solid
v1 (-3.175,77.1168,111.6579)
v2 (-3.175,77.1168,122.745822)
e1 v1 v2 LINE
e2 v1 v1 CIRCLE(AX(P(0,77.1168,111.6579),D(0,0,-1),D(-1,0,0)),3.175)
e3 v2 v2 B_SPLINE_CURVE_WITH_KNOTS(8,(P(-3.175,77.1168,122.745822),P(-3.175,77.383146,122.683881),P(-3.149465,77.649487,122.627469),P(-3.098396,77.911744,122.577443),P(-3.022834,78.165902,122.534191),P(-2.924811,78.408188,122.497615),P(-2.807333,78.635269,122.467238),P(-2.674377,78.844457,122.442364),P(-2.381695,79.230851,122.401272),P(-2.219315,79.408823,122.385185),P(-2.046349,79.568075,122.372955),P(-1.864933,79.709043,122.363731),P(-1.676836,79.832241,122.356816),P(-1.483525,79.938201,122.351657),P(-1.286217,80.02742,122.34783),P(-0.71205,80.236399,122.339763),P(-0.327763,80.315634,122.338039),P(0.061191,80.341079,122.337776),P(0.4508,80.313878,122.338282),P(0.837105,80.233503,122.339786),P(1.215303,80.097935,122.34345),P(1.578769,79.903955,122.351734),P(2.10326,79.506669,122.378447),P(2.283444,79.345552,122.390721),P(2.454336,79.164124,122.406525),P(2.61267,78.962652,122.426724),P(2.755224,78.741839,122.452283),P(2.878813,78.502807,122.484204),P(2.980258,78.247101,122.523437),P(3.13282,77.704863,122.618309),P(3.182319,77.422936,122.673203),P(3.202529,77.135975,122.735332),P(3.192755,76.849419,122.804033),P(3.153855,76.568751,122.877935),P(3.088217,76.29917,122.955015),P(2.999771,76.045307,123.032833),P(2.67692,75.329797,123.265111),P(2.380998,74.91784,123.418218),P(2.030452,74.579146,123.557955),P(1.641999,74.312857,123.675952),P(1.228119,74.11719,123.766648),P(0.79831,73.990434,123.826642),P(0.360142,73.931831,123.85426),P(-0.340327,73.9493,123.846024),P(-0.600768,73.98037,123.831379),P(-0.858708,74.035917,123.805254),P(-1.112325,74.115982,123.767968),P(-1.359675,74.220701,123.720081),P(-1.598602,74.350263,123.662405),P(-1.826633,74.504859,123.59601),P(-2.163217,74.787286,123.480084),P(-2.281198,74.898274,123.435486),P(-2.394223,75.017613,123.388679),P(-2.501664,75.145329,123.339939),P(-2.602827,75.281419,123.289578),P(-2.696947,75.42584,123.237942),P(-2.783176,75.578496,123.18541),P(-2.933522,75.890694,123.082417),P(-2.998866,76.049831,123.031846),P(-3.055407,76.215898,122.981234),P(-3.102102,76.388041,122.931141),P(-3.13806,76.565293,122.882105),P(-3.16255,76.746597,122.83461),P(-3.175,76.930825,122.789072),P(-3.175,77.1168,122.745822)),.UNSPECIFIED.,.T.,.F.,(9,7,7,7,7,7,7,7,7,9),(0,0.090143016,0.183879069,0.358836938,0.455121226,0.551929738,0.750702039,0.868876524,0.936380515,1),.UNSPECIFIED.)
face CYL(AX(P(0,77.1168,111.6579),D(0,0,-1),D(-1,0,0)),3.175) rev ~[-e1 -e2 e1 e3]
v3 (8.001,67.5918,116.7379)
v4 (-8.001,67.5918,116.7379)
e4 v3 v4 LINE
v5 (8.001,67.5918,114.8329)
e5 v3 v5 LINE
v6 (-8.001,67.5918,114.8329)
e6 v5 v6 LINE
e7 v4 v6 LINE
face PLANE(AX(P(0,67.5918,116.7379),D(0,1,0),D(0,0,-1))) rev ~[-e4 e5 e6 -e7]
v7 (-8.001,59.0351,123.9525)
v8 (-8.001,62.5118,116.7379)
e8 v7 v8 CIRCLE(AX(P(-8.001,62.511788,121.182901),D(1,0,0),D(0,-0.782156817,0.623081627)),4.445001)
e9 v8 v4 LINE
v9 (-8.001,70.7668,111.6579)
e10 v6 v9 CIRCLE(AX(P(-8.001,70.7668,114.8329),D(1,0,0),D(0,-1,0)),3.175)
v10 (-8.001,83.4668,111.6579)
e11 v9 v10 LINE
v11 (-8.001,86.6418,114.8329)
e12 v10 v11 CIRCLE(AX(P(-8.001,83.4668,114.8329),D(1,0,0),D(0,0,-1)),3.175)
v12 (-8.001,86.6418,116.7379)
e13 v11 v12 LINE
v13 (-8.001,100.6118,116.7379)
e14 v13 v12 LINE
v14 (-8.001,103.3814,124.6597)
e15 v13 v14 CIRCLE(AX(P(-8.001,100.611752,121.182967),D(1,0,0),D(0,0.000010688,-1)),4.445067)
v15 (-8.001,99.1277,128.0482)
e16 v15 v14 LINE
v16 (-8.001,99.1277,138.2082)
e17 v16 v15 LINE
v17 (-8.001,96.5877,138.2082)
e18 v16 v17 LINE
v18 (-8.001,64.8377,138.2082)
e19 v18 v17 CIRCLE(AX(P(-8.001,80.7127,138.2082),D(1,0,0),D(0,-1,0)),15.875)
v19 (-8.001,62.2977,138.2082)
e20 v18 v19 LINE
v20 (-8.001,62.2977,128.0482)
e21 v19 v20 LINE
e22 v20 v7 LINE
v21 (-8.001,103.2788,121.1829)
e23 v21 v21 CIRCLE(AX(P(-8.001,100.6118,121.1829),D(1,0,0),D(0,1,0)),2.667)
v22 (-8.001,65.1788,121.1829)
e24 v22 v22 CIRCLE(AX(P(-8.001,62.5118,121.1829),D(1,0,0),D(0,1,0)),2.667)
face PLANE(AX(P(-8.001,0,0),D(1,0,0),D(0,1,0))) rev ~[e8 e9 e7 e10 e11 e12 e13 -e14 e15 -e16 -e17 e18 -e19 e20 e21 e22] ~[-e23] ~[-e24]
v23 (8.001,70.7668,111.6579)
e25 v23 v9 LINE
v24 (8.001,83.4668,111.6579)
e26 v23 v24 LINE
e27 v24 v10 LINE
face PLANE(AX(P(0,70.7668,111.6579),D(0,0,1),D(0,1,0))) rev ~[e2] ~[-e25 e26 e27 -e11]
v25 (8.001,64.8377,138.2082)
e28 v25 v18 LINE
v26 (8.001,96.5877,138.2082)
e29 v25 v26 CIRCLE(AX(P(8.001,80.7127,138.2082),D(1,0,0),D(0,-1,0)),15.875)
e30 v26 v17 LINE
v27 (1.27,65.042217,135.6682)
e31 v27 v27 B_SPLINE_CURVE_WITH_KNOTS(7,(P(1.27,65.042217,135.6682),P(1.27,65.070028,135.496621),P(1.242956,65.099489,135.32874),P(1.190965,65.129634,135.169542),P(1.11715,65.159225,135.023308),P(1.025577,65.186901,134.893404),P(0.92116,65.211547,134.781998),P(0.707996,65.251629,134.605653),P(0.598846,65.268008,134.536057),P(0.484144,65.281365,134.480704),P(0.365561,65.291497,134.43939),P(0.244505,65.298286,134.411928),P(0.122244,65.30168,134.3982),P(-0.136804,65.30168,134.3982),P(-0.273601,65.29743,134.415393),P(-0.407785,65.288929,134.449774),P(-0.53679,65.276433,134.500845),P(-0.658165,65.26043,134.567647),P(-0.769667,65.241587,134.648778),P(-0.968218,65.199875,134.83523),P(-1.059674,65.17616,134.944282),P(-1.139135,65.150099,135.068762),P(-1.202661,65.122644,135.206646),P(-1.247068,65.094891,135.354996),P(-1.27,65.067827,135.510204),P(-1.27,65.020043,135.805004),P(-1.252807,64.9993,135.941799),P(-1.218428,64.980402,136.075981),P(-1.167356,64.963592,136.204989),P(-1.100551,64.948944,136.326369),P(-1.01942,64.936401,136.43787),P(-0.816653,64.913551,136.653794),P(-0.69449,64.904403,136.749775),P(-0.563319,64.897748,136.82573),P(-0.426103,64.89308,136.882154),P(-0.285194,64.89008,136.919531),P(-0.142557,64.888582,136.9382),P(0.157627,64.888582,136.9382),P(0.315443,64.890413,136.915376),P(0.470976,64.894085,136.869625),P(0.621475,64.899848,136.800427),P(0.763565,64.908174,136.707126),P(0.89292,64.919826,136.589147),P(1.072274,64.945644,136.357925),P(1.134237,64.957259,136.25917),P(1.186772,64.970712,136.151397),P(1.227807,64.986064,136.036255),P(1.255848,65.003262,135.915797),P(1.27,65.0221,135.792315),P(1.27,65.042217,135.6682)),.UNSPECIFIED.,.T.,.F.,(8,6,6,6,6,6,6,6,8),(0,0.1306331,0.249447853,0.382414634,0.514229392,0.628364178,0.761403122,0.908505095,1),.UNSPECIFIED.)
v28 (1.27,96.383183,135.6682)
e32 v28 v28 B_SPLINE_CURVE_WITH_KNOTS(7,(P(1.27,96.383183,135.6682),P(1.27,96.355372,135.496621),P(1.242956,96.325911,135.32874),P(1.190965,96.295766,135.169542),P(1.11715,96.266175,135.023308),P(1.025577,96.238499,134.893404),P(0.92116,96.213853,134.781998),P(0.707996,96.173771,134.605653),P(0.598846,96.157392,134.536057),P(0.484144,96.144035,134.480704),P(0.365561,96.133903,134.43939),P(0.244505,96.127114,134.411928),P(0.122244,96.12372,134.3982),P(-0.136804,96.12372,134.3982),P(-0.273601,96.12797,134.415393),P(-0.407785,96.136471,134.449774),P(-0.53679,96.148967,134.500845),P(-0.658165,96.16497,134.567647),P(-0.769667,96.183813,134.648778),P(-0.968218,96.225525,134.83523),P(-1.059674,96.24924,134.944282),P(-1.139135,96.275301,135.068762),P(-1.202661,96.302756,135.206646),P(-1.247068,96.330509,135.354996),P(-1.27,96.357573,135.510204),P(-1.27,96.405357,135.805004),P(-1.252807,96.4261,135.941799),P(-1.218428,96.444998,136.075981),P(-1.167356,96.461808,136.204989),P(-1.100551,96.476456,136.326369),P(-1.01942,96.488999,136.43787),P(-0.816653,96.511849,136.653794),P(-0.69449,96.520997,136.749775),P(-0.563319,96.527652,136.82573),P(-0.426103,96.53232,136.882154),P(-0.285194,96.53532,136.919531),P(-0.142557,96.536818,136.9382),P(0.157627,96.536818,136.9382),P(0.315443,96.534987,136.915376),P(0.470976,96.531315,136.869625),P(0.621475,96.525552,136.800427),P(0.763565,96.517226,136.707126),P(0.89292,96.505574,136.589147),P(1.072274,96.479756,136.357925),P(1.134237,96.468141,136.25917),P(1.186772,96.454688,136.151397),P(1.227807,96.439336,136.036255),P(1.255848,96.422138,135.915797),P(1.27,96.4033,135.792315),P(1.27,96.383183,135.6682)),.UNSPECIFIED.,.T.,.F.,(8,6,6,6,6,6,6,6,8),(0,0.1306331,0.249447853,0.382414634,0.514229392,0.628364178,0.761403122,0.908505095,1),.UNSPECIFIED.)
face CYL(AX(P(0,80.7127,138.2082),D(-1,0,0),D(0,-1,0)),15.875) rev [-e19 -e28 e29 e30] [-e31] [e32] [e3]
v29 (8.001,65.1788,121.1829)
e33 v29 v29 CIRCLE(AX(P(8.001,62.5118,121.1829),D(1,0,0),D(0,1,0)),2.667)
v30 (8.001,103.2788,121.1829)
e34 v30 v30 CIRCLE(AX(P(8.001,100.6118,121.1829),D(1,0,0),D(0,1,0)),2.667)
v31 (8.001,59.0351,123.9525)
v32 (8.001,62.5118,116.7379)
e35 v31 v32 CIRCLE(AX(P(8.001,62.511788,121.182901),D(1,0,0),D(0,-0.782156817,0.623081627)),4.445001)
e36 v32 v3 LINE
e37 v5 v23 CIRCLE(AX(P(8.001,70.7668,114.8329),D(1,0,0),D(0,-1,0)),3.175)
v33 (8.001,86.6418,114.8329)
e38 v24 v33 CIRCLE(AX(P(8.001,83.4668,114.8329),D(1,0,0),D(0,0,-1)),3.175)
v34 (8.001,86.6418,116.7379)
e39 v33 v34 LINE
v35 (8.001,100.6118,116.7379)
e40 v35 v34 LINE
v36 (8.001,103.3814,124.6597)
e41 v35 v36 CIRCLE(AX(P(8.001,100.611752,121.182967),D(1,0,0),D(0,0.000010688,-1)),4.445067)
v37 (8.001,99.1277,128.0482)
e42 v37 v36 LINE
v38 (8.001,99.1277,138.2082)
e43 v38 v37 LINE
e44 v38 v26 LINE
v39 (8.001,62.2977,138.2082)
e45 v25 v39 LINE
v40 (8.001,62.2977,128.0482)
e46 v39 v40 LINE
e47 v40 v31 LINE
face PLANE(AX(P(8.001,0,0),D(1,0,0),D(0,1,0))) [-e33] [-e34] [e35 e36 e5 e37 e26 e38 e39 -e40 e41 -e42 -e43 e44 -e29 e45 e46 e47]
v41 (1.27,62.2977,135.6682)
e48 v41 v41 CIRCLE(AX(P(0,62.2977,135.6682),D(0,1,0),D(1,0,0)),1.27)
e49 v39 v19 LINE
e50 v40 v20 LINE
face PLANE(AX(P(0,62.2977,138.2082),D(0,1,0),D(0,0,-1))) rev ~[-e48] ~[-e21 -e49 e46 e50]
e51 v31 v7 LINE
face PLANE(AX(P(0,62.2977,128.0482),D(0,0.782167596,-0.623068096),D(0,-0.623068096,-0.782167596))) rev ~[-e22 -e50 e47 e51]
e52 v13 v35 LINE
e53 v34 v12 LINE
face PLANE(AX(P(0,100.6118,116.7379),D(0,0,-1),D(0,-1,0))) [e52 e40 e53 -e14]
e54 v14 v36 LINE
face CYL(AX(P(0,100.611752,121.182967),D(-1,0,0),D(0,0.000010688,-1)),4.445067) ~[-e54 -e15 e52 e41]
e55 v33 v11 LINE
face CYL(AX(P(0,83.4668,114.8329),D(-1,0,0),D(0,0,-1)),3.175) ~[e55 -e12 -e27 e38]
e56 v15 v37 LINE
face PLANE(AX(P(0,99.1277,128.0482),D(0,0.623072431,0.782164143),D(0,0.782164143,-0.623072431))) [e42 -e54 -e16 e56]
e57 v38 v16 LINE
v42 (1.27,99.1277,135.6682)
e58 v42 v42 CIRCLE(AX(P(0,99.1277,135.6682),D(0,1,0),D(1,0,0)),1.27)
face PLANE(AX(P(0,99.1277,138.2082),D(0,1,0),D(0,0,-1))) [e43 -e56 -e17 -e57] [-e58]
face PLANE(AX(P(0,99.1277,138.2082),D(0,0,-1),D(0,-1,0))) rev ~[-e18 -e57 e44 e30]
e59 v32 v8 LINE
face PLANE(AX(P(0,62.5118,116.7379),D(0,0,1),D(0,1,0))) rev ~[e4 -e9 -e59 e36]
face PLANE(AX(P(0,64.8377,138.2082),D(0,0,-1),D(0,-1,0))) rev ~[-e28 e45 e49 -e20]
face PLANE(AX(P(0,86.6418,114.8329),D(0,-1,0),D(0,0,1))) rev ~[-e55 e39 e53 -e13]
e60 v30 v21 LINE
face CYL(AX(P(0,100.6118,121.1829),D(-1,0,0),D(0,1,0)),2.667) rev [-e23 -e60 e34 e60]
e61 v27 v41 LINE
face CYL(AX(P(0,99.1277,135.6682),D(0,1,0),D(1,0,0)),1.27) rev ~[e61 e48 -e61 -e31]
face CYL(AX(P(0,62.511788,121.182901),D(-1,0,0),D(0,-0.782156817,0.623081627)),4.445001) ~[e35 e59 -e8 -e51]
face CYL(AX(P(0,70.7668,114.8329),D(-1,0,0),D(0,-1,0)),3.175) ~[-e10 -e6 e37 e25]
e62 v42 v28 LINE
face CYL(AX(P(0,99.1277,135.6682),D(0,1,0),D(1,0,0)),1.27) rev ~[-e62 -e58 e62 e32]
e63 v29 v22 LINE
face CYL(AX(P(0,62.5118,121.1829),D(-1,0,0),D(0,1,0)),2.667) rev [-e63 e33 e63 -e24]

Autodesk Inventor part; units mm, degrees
ref_plane "YZ Plane" through (0, 0, 0) normal (1, 0, 0) x (0, 1, 0)
ref_plane "XZ Plane" through (0, 0, 0) normal (0, 1, 0) x (-1, 0, 0)
ref_plane "XY Plane" through (0, 0, 0) normal (0, 0, 1) x (1, 0, 0)
sketch "Sketch2" plane through (0, 0, 0) normal (1, 0, 0) x (0, 1, 0)
  circle A0 centre (100.6118, 121.1829) radius 2.667
  circle A1 centre (62.5118, 121.1829) radius 2.667
  line L0 (100.6118, 121.1829) -> (62.5118, 121.1829) construction
  arc A2 (100.6118, 116.7379) -> (103.3814, 124.6597) centre (100.6118, 121.1829) ccw
  arc A3 (59.0351, 123.9525) -> (62.5118, 116.7379) centre (62.5118, 121.1829) ccw
  line L1 (100.6118, 116.7379) -> (86.6418, 116.7379)
  line L2 (62.5118, 116.7379) -> (67.5918, 116.7379)
  line L3 (67.5918, 116.7379) -> (67.5918, 114.8329)
  line L4 (70.7668, 111.6579) -> (83.4668, 111.6579)
  line L5 (86.6418, 114.8329) -> (86.6418, 116.7379)
  arc A4 (64.8377, 138.2082) -> (96.5877, 138.2082) centre (80.7127, 138.2082) ccw
  line L6 (77.1168, 111.6579) -> (77.1168, 163.1454) construction
  line L7 (99.1277, 138.2082) -> (96.5877, 138.2082)
  line L8 (64.8377, 138.2082) -> (62.2977, 138.2082)
  line L9 (99.1277, 138.2082) -> (99.1277, 128.0482)
  line L10 (99.1277, 128.0482) -> (103.3814, 124.6597)
  line L11 (62.2977, 138.2082) -> (62.2977, 128.0482)
  line L12 (62.2977, 128.0482) -> (59.0351, 123.9525)
  line L13 (99.1277, 128.0482) -> (62.2977, 128.0482) construction
  arc A5 (83.4668, 111.6579) -> (86.6418, 114.8329) centre (83.4668, 114.8329) ccw
  arc A6 (67.5918, 114.8329) -> (70.7668, 111.6579) centre (70.7668, 114.8329) ccw
  point P0 (0, 0)
  point P1 (67.5918, 111.6579)
  point P2 (86.6418, 111.6579)
  dimension "d0" = 5.334
  dimension "d1" = 5.334
  dimension "d2" = 38.1
  dimension "d3" = 8.89
  dimension "d4" = 8.89
  dimension "d7" = 31.75
  dimension "d8" = 9.525
  dimension "d9" = 13.97
  dimension "d10" = 5.08
  dimension "d11" = 2.54
  dimension "d12" = 2.54
  dimension "d13" = 10.16
  dimension "d24" = 3.175
extrude "Extrusion1" add sketch "Sketch2" along normal mid plane 16.002
sketch "Sketch3" plane through (-8.001, 99.1277, 128.0482) normal (0, 1, 0) x (1, 0, 0)
  line L0 (0, 0) -> (0, -10.16) projected
  line L1 (0, -10.16) -> (16.002, -10.16) projected
  circle A0 centre (8.001, -7.62) radius 1.27
  point P0 (8.001, 128.0482)
  dimension "d16" = 2.54
  dimension "d17" = 8.001
  dimension "d18" = 2.54
extrude "Extrusion2" cut sketch "Sketch3" against normal up to surface (36.83 mm away)
sketch "Sketch6" plane through (8.001, 70.7668, 111.6579) normal (0, 0, -1) x (-1, 0, 0)
  circle A0 centre (8.001, 6.35) radius 3.175
  line L0 (0, 0) -> (16.002, 12.7) construction
  point P0 (8.001, -70.7668)
  dimension "d25" = 6.35
extrude "Extrusion4" cut sketch "Sketch6" against normal blind 25.4
properties part number "Axle Housing - Front - Custom"
